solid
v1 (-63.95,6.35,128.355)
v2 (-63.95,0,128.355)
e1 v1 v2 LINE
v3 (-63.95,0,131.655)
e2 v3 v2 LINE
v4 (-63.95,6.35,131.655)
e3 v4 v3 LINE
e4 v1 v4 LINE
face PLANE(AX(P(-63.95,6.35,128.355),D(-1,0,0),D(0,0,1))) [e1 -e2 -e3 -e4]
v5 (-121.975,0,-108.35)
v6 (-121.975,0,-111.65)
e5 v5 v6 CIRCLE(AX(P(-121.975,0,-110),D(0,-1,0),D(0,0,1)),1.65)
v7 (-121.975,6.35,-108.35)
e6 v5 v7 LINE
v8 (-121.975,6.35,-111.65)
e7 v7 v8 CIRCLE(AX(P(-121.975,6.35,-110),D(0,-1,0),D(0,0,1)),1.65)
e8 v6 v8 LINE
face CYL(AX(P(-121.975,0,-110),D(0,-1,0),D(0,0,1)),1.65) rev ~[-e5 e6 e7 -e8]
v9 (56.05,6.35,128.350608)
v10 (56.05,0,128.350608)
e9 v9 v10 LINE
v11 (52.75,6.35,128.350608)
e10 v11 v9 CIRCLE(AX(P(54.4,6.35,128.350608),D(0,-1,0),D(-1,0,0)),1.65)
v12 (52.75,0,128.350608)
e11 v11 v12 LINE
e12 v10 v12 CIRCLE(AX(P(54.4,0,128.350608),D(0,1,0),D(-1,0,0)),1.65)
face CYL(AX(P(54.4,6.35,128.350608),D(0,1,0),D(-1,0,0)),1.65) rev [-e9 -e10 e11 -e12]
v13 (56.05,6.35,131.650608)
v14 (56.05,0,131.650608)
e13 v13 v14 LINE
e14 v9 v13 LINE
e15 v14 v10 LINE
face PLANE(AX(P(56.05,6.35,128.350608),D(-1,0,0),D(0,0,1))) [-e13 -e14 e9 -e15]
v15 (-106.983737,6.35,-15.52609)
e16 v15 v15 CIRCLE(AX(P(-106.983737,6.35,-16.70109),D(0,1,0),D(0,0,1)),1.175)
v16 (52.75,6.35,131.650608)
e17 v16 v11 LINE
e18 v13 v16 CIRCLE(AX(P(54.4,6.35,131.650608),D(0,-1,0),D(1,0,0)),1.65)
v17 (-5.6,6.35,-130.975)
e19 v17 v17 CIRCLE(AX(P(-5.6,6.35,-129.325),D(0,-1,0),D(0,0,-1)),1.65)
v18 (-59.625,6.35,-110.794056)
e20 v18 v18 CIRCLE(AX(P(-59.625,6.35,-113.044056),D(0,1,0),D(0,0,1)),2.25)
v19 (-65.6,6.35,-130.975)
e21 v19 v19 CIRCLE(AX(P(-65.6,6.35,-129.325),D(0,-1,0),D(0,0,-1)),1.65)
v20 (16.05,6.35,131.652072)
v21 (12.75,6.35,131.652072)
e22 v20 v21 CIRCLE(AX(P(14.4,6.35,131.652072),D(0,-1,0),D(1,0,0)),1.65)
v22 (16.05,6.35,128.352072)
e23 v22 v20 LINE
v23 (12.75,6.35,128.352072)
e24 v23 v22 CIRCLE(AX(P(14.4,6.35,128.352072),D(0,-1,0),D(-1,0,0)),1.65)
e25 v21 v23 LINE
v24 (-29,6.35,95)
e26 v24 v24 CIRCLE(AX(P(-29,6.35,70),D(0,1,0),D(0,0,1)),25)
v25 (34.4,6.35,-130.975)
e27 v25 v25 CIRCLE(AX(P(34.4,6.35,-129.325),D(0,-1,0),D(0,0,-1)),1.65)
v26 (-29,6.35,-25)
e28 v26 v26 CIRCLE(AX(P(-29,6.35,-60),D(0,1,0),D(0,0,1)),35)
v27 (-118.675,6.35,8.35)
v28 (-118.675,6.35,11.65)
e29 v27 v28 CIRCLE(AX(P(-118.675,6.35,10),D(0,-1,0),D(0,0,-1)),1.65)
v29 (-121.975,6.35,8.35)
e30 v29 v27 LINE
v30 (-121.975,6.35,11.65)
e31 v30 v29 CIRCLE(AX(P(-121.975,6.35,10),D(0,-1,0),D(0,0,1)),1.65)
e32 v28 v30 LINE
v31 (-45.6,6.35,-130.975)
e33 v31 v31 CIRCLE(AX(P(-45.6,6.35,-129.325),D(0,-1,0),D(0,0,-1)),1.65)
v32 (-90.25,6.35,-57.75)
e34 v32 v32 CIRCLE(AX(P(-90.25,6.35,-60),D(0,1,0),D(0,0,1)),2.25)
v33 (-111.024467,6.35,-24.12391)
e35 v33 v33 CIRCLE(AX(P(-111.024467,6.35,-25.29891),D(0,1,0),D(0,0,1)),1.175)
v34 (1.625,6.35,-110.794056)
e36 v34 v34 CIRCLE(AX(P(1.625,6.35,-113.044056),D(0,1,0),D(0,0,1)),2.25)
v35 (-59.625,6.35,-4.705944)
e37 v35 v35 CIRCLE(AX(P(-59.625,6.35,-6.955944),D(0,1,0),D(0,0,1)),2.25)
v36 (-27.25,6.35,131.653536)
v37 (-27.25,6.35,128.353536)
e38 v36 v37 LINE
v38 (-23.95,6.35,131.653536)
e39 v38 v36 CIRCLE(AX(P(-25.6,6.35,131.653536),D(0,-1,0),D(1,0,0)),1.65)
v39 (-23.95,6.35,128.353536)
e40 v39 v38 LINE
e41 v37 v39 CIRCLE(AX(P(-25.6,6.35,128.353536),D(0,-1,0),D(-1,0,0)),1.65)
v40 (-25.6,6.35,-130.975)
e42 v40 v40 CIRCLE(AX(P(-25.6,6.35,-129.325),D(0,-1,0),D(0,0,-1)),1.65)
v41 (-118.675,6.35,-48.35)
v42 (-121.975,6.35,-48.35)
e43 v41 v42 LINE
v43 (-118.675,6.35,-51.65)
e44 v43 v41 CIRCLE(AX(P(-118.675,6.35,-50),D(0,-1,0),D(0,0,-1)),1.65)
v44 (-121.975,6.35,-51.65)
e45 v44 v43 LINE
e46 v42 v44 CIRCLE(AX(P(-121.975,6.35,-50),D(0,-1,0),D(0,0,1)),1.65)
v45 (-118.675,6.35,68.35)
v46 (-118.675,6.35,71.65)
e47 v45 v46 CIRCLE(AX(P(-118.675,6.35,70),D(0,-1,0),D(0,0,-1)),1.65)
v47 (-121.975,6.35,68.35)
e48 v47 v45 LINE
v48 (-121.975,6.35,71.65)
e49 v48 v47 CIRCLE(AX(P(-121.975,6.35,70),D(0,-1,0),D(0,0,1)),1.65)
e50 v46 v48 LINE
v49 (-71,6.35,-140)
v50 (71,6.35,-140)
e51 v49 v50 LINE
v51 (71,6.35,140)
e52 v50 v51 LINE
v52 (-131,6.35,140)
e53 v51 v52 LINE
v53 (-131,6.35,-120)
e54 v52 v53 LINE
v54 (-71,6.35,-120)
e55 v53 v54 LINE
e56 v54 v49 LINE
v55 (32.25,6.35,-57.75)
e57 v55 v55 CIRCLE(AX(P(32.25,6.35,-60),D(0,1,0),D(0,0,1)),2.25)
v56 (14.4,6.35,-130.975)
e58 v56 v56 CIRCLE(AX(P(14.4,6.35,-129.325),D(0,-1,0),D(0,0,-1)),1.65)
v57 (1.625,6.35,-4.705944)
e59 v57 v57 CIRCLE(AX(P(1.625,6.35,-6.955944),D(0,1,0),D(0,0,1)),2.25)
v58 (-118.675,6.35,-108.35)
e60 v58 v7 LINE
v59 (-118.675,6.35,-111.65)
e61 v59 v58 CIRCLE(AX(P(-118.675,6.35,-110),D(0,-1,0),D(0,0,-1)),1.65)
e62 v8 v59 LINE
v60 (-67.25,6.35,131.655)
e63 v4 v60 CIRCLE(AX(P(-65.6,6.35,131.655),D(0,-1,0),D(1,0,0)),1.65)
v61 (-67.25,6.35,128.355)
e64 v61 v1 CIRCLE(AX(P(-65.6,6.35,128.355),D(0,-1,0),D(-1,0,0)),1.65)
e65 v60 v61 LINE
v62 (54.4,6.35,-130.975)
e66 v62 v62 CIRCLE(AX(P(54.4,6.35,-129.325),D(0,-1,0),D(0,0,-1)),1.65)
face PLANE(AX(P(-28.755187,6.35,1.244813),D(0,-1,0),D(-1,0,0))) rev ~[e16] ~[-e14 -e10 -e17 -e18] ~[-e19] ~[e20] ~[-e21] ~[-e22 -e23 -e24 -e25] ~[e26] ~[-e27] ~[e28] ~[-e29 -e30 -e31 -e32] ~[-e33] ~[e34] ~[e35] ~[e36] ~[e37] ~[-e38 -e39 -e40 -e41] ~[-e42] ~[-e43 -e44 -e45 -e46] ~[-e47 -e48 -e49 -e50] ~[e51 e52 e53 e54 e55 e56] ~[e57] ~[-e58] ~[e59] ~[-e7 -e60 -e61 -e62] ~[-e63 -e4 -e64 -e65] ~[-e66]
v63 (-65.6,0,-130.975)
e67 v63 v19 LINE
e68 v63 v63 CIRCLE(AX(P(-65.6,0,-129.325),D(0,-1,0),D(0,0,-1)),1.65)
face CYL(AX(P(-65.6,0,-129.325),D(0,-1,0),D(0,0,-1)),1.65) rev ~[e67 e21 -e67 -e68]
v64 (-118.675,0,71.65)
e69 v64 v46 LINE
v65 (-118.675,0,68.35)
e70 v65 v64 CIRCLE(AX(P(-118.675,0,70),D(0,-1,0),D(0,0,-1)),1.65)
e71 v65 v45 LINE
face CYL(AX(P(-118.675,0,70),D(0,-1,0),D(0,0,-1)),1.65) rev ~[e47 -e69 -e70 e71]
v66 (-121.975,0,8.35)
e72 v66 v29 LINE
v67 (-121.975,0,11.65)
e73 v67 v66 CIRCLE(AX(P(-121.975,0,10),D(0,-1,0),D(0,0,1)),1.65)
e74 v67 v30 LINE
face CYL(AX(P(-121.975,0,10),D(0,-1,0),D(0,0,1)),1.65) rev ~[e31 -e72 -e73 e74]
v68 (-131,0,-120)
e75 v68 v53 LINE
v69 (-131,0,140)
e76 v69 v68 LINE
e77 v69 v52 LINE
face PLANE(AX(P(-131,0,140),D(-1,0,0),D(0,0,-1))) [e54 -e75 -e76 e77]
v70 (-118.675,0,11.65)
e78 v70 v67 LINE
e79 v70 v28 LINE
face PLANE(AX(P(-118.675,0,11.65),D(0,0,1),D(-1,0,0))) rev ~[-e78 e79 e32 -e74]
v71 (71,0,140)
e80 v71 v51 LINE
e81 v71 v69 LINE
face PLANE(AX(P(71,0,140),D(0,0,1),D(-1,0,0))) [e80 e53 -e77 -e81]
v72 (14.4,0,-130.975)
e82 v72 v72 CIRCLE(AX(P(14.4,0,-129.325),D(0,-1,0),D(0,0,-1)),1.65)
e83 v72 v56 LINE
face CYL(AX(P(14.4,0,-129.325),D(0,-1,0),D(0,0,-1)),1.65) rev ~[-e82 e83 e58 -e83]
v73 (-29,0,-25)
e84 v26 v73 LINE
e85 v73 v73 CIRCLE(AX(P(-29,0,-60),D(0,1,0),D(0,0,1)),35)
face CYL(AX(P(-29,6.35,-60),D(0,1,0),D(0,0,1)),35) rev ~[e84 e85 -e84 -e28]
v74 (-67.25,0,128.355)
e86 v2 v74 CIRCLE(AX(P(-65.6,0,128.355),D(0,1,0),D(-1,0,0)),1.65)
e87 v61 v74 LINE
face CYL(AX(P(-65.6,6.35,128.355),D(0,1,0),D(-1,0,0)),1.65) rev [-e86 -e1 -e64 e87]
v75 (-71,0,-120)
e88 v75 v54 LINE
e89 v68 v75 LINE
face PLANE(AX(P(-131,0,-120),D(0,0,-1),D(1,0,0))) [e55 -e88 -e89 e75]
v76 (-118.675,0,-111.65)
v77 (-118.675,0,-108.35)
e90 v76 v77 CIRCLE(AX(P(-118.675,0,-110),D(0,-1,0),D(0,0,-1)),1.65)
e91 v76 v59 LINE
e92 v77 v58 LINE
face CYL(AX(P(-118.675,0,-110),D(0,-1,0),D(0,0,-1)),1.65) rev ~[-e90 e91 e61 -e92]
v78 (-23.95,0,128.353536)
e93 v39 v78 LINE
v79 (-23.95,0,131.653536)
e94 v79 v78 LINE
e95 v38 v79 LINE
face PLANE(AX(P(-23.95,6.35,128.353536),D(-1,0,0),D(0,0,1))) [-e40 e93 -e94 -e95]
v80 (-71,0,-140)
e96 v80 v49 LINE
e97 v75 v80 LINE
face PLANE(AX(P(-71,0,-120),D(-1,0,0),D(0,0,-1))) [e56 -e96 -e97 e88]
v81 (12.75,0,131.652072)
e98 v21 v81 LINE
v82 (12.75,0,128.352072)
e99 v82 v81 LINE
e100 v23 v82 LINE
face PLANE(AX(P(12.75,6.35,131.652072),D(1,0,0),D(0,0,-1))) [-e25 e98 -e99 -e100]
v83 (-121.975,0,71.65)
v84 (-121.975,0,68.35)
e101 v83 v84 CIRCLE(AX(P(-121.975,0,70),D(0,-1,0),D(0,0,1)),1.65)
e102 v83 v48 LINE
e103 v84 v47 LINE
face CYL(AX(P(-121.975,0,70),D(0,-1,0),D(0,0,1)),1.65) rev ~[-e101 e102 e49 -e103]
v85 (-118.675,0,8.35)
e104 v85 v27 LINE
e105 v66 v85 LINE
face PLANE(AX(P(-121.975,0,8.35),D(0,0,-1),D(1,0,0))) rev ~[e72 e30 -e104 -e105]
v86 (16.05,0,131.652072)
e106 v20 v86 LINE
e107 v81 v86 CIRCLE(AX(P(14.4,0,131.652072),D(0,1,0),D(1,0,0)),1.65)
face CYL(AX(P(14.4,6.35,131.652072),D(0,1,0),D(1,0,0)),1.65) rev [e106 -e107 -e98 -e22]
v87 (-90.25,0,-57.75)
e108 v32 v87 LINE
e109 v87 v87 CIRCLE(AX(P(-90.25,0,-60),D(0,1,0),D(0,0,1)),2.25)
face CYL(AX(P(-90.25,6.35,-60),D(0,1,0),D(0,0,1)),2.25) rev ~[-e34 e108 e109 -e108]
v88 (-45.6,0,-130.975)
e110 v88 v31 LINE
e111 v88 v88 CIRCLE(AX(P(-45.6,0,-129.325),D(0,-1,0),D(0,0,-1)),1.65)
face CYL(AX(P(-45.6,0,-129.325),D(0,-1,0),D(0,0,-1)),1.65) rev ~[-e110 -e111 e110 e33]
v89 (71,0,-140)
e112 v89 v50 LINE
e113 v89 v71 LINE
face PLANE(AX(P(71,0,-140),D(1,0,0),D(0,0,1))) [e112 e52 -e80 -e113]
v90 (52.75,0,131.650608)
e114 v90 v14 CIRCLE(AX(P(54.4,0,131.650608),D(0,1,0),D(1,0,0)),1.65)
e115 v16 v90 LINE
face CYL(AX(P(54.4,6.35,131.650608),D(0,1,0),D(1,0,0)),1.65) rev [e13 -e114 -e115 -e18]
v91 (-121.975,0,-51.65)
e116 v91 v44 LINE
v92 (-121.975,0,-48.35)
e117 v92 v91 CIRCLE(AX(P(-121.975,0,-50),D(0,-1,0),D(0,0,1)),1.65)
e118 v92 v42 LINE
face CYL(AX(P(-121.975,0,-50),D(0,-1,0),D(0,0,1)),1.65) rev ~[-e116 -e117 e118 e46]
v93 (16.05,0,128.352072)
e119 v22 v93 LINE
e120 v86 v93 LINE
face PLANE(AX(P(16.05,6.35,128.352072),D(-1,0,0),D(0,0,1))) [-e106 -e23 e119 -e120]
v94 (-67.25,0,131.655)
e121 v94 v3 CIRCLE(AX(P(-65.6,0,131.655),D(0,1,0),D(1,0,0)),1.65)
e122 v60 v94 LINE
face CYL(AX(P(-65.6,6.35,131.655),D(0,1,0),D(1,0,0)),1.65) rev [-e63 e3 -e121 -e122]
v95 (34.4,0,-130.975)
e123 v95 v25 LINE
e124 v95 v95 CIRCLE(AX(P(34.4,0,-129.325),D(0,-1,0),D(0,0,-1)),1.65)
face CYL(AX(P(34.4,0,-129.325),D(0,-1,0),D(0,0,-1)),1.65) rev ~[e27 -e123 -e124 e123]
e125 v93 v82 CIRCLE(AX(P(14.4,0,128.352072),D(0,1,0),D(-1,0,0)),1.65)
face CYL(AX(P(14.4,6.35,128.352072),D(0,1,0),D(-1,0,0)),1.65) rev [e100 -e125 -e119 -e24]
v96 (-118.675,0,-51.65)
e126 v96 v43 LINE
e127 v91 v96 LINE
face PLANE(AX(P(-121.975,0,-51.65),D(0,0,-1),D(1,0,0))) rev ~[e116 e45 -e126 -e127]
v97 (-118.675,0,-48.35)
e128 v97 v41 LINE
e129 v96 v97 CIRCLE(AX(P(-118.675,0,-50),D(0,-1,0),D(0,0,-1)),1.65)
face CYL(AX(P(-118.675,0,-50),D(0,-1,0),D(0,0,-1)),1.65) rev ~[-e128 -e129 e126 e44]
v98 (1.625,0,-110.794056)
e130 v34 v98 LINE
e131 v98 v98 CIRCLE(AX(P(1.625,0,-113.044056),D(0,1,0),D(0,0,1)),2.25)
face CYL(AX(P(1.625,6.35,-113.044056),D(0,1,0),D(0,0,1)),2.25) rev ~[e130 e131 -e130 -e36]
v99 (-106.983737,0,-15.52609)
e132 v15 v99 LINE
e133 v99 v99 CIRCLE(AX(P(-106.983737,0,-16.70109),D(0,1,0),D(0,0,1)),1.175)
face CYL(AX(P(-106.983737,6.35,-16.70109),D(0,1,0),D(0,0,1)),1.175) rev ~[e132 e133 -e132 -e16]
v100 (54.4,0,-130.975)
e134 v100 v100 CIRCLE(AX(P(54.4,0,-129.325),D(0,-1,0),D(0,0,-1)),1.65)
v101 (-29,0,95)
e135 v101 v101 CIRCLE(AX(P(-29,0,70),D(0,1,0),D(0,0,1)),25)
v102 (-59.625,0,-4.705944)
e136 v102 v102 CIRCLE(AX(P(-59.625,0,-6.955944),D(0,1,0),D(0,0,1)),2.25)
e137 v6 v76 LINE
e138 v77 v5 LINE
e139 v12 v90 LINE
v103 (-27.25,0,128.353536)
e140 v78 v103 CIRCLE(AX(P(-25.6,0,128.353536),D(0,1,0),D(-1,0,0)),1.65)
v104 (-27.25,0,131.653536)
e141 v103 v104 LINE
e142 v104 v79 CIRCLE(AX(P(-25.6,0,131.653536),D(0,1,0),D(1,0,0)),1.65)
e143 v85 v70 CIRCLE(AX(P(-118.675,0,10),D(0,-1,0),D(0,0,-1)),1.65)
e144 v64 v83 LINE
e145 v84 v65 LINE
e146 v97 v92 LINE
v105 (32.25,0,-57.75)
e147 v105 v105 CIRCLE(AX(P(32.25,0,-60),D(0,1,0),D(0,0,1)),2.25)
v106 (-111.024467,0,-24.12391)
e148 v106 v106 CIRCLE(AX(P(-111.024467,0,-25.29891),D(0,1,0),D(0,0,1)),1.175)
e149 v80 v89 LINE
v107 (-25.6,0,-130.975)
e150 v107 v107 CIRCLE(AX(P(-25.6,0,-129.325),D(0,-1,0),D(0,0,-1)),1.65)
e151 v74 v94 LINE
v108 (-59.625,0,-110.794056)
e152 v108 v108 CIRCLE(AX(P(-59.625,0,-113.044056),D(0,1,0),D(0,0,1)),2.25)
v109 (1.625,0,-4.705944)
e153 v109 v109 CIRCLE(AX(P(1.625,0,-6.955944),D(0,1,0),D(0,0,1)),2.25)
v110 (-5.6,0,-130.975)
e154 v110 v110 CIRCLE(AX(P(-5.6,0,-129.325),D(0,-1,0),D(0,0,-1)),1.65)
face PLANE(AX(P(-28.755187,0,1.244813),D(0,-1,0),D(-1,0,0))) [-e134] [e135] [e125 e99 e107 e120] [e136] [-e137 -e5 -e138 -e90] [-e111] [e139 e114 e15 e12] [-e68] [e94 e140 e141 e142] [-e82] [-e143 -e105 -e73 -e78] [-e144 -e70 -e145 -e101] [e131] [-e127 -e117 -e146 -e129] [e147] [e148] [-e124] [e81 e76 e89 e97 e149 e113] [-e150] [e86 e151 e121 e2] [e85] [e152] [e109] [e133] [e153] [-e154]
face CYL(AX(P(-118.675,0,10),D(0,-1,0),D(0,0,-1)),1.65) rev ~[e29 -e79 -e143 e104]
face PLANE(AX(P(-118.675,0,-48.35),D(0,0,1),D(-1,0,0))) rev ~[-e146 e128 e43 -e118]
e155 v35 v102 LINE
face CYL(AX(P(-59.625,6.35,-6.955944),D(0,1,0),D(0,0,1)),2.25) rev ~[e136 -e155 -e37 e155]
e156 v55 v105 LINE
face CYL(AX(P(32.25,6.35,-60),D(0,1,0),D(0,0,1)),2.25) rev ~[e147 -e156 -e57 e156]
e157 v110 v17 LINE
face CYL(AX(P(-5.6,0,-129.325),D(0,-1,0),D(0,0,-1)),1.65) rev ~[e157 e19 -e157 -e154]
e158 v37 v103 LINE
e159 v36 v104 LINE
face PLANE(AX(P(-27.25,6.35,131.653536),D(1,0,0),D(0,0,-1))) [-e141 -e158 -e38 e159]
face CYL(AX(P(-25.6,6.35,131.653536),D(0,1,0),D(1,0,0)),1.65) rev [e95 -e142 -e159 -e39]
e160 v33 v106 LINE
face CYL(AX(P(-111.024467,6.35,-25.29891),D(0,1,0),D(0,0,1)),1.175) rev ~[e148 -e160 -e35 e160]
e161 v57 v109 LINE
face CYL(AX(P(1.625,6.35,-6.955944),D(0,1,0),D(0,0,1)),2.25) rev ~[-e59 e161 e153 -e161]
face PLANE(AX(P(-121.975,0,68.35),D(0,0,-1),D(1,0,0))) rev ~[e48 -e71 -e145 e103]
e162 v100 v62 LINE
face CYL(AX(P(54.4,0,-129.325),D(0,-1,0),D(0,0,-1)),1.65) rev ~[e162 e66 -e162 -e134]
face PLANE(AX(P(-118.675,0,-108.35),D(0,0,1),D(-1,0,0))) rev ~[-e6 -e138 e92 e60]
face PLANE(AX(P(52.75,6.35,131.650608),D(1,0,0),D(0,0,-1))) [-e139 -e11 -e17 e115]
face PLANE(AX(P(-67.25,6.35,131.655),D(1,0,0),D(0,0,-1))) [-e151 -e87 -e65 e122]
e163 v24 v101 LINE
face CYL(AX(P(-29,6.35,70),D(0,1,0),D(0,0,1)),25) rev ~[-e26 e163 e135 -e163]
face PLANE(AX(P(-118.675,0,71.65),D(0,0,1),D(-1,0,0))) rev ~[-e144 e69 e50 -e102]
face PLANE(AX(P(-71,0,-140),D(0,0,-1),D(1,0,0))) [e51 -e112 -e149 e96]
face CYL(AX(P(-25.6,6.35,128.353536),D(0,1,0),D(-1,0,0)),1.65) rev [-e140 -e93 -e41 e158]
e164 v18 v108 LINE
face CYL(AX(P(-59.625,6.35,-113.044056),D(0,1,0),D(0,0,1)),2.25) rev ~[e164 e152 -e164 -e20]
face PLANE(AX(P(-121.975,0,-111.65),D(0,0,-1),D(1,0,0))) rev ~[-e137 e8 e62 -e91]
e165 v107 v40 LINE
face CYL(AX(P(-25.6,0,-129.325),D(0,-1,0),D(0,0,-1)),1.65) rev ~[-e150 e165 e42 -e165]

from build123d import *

# Parameters (mm, degrees)
BOSS_EXTRUDE1_DEPTH = 6.35
SKETCH9_R           = 1.65
CUT_EXTRUDE10_DEPTH = 30
CUT_EXTRUDE12_DEPTH = 30
SKETCH10_R          = 1.65
CUT_EXTRUDE13_DEPTH = 10
SKETCH12_R          = 35
CUT_EXTRUDE14_DEPTH = 192.836707905
SKETCH13_R          = 2.25
CUT_EXTRUDE15_DEPTH = 192.836707905
SKETCH14_R          = 25
CUT_EXTRUDE16_DEPTH = 10
SKETCH15_R          = 1.175
CUT_EXTRUDE17_DEPTH = 10


with BuildPart() as part:
    # Sketch1 → Boss-Extrude1 (new body)
    with BuildSketch(Plane(origin=(0, 0, 0), x_dir=(1, 0, 0), z_dir=(0, 1, 0))):
        Polygon((-71, 140), (71, 140), (71, -140), (-131, -140), (-131, 120), (-71, 120), align=None)
    extrude(amount=BOSS_EXTRUDE1_DEPTH)

    # Sketch9 → Cut-Extrude10 (cut)
    with BuildSketch(Plane(origin=(0, 0, 0), x_dir=(-1, 0, 0), z_dir=(0, -1, 0))):
        with Locations(Location((45.6, 129.325, 0), (0, 0, 90))):
            Circle(SKETCH9_R)
        with Locations(Location((5.6, 129.325, 0), (0, 0, 90))):
            Circle(SKETCH9_R)
        with Locations(Location((-34.4, 129.325, 0), (0, 0, 90))):
            Circle(SKETCH9_R)
        with Locations(Location((65.6, 129.325, 0), (0, 0, 90))):
            Circle(SKETCH9_R)
        with Locations(Location((25.6, 129.325, 0), (0, 0, 90))):
            Circle(SKETCH9_R)
        with Locations(Location((-14.4, 129.325, 0), (0, 0, 90))):
            Circle(SKETCH9_R)
        with Locations(Location((-54.4, 129.325, 0), (0, 0, 90))):
            Circle(SKETCH9_R)
    extrude(amount=-CUT_EXTRUDE10_DEPTH, mode=Mode.SUBTRACT)

    # Sketch11 → Cut-Extrude12 (cut)
    with BuildSketch(Plane(origin=(0, 6.35, 0), x_dir=(1, 0, 0), z_dir=(0, 1, 0))):
        with BuildLine():
            Line((-63.95, -128.355), (-63.95, -131.655))
            ThreePointArc((-63.95, -131.655), (-65.6, -133.305), (-67.25, -131.655))
            Line((-67.25, -131.655), (-67.25, -128.355))
            ThreePointArc((-67.25, -128.355), (-65.6, -126.705), (-63.95, -128.355))
        make_face()
        with BuildLine():
            Line((-23.95, -128.353535871), (-23.95, -131.653535871))
            ThreePointArc((-23.95, -131.653535871), (-25.6, -133.303535871), (-27.25, -131.653535871))
            Line((-27.25, -131.653535871), (-27.25, -128.353535871))
            ThreePointArc((-27.25, -128.353535871), (-25.6, -126.703535871), (-23.95, -128.353535871))
        make_face()
        with BuildLine():
            Line((16.05, -128.352071742), (16.05, -131.652071742))
            ThreePointArc((16.05, -131.652071742), (14.4, -133.302071742), (12.75, -131.652071742))
            Line((12.75, -131.652071742), (12.75, -128.352071742))
            ThreePointArc((12.75, -128.352071742), (14.4, -126.702071742), (16.05, -128.352071742))
        make_face()
        with BuildLine():
            Line((56.05, -128.350607613), (56.05, -131.650607613))
            ThreePointArc((56.05, -131.650607613), (54.4, -133.300607613), (52.75, -131.650607613))
            Line((52.75, -131.650607613), (52.75, -128.350607613))
            ThreePointArc((52.75, -128.350607613), (54.4, -126.700607613), (56.05, -128.350607613))
        make_face()
    extrude(amount=-CUT_EXTRUDE12_DEPTH, mode=Mode.SUBTRACT)

    # Sketch10 → Cut-Extrude13 (cut)
    with BuildSketch(Plane.XZ):
        with Locations((-120.325, -110)):
            Circle(SKETCH10_R)
        with BuildLine():
            Line((-118.675, -108.35), (-120.325, -108.35))
            ThreePointArc((-120.325, -108.35), (-119.158273811, -108.833273811), (-118.675, -110))
            ThreePointArc((-118.675, -110), (-119.158273801, -111.166726179), (-120.324999972, -111.65))
            Line((-120.324999972, -111.65), (-118.675, -111.65))
            ThreePointArc((-118.675, -111.65), (-117.025, -110), (-118.675, -108.35))
        make_face()
        with BuildLine():
            Line((-120.325, -108.35), (-121.975, -108.35))
            ThreePointArc((-121.975, -108.35), (-123.625, -110), (-121.975, -111.65))
            Line((-121.975, -111.65), (-120.324999972, -111.65))
            ThreePointArc((-120.324999972, -111.65), (-121.975, -110.000000014), (-120.325, -108.35))
        make_face()
        with BuildLine():
            Line((-120.325, -48.35), (-121.975, -48.35))
            ThreePointArc((-121.975, -48.35), (-123.625, -50), (-121.975, -51.65))
            Line((-121.975, -51.65), (-120.325, -51.65))
            ThreePointArc((-120.325, -51.65), (-121.975, -50), (-120.325, -48.35))
        make_face()
        with Locations((-120.325, -50)):
            Circle(SKETCH10_R)
        with BuildLine():
            Line((-118.675, -48.35), (-120.325, -48.35))
            ThreePointArc((-120.325, -48.35), (-119.158273811, -48.833273811), (-118.675, -50))
            ThreePointArc((-118.675, -50), (-119.158273811, -51.166726189), (-120.325, -51.65))
            Line((-120.325, -51.65), (-118.675, -51.65))
            ThreePointArc((-118.675, -51.65), (-117.025, -50), (-118.675, -48.35))
        make_face()
        with BuildLine():
            Line((-120.325, 11.65), (-121.975, 11.65))
            ThreePointArc((-121.975, 11.65), (-123.625, 10), (-121.975, 8.35))
            Line((-121.975, 8.35), (-120.325, 8.35))
            ThreePointArc((-120.325, 8.35), (-121.975, 10), (-120.325, 11.65))
        make_face()
        with Locations((-120.325, 10)):
            Circle(SKETCH10_R)
        with BuildLine():
            Line((-118.675, 11.65), (-120.325, 11.65))
            ThreePointArc((-120.325, 11.65), (-119.158273811, 11.166726189), (-118.675, 10))
            ThreePointArc((-118.675, 10), (-119.158273811, 8.833273811), (-120.325, 8.35))
            Line((-120.325, 8.35), (-118.675, 8.35))
            ThreePointArc((-118.675, 8.35), (-117.025, 10), (-118.675, 11.65))
        make_face()
        with BuildLine():
            Line((-120.325, 71.65), (-121.975, 71.65))
            ThreePointArc((-121.975, 71.65), (-123.625, 70), (-121.975, 68.35))
            Line((-121.975, 68.35), (-120.325, 68.35))
            ThreePointArc((-120.325, 68.35), (-121.975, 70), (-120.325, 71.65))
        make_face()
        with Locations((-120.325, 70)):
            Circle(SKETCH10_R)
        with BuildLine():
            Line((-118.675, 71.65), (-120.325, 71.65))
            ThreePointArc((-120.325, 71.65), (-119.158273811, 71.166726189), (-118.675, 70))
            ThreePointArc((-118.675, 70), (-119.158273811, 68.833273811), (-120.325, 68.35))
            Line((-120.325, 68.35), (-118.675, 68.35))
            ThreePointArc((-118.675, 68.35), (-117.025, 70), (-118.675, 71.65))
        make_face()
    extrude(amount=-CUT_EXTRUDE13_DEPTH, mode=Mode.SUBTRACT)

    # Sketch12 → Cut-Extrude14 (cut, through all)
    with BuildSketch(Plane(origin=(0, 6.35, 0), x_dir=(1, 0, 0), z_dir=(0, 1, 0))):
        with Locations(Location((-29, 60, 0), (0, 0, 270))):
            Circle(SKETCH12_R)
    extrude(amount=-CUT_EXTRUDE14_DEPTH, mode=Mode.SUBTRACT)

    # Sketch13 → Cut-Extrude15 (cut, through all)
    with BuildSketch(Plane(origin=(0, 6.35, 0), x_dir=(1, 0, 0), z_dir=(0, 1, 0))):
        with Locations(Location((-90.25, 60, 0), (0, 0, 270))):
            Circle(SKETCH13_R)
        with Locations(Location((-59.625, 113.044055982, 0), (0, 0, 270))):
            Circle(SKETCH13_R)
        with Locations(Location((1.625, 113.044055982, 0), (0, 0, 270))):
            Circle(SKETCH13_R)
        with Locations(Location((32.25, 60, 0), (0, 0, 270))):
            Circle(SKETCH13_R)
        with Locations(Location((1.625, 6.955944018, 0), (0, 0, 270))):
            Circle(SKETCH13_R)
        with Locations(Location((-59.625, 6.955944018, 0), (0, 0, 270))):
            Circle(SKETCH13_R)
    extrude(amount=-CUT_EXTRUDE15_DEPTH, mode=Mode.SUBTRACT)

    # Sketch14 → Cut-Extrude16 (cut)
    with BuildSketch(Plane(origin=(0, 6.35, 0), x_dir=(1, 0, 0), z_dir=(0, 1, 0))):
        with Locations(Location((-29, -70, 0), (0, 0, 270))):
            Circle(SKETCH14_R)
    extrude(amount=-CUT_EXTRUDE16_DEPTH, mode=Mode.SUBTRACT)

    # Sketch15 → Cut-Extrude17 (cut)
    with BuildSketch(Plane(origin=(0, 6.35, 0), x_dir=(1, 0, 0), z_dir=(0, 1, 0))):
        with Locations(Location((-111.024467158, 25.298909731, 0), (0, 0, 270))):
            Circle(SKETCH15_R)
        with Locations(Location((-106.983736963, 16.701090269, 0), (0, 0, 270))):
            Circle(SKETCH15_R)
    extrude(amount=-CUT_EXTRUDE17_DEPTH, mode=Mode.SUBTRACT)


solid = part.part
